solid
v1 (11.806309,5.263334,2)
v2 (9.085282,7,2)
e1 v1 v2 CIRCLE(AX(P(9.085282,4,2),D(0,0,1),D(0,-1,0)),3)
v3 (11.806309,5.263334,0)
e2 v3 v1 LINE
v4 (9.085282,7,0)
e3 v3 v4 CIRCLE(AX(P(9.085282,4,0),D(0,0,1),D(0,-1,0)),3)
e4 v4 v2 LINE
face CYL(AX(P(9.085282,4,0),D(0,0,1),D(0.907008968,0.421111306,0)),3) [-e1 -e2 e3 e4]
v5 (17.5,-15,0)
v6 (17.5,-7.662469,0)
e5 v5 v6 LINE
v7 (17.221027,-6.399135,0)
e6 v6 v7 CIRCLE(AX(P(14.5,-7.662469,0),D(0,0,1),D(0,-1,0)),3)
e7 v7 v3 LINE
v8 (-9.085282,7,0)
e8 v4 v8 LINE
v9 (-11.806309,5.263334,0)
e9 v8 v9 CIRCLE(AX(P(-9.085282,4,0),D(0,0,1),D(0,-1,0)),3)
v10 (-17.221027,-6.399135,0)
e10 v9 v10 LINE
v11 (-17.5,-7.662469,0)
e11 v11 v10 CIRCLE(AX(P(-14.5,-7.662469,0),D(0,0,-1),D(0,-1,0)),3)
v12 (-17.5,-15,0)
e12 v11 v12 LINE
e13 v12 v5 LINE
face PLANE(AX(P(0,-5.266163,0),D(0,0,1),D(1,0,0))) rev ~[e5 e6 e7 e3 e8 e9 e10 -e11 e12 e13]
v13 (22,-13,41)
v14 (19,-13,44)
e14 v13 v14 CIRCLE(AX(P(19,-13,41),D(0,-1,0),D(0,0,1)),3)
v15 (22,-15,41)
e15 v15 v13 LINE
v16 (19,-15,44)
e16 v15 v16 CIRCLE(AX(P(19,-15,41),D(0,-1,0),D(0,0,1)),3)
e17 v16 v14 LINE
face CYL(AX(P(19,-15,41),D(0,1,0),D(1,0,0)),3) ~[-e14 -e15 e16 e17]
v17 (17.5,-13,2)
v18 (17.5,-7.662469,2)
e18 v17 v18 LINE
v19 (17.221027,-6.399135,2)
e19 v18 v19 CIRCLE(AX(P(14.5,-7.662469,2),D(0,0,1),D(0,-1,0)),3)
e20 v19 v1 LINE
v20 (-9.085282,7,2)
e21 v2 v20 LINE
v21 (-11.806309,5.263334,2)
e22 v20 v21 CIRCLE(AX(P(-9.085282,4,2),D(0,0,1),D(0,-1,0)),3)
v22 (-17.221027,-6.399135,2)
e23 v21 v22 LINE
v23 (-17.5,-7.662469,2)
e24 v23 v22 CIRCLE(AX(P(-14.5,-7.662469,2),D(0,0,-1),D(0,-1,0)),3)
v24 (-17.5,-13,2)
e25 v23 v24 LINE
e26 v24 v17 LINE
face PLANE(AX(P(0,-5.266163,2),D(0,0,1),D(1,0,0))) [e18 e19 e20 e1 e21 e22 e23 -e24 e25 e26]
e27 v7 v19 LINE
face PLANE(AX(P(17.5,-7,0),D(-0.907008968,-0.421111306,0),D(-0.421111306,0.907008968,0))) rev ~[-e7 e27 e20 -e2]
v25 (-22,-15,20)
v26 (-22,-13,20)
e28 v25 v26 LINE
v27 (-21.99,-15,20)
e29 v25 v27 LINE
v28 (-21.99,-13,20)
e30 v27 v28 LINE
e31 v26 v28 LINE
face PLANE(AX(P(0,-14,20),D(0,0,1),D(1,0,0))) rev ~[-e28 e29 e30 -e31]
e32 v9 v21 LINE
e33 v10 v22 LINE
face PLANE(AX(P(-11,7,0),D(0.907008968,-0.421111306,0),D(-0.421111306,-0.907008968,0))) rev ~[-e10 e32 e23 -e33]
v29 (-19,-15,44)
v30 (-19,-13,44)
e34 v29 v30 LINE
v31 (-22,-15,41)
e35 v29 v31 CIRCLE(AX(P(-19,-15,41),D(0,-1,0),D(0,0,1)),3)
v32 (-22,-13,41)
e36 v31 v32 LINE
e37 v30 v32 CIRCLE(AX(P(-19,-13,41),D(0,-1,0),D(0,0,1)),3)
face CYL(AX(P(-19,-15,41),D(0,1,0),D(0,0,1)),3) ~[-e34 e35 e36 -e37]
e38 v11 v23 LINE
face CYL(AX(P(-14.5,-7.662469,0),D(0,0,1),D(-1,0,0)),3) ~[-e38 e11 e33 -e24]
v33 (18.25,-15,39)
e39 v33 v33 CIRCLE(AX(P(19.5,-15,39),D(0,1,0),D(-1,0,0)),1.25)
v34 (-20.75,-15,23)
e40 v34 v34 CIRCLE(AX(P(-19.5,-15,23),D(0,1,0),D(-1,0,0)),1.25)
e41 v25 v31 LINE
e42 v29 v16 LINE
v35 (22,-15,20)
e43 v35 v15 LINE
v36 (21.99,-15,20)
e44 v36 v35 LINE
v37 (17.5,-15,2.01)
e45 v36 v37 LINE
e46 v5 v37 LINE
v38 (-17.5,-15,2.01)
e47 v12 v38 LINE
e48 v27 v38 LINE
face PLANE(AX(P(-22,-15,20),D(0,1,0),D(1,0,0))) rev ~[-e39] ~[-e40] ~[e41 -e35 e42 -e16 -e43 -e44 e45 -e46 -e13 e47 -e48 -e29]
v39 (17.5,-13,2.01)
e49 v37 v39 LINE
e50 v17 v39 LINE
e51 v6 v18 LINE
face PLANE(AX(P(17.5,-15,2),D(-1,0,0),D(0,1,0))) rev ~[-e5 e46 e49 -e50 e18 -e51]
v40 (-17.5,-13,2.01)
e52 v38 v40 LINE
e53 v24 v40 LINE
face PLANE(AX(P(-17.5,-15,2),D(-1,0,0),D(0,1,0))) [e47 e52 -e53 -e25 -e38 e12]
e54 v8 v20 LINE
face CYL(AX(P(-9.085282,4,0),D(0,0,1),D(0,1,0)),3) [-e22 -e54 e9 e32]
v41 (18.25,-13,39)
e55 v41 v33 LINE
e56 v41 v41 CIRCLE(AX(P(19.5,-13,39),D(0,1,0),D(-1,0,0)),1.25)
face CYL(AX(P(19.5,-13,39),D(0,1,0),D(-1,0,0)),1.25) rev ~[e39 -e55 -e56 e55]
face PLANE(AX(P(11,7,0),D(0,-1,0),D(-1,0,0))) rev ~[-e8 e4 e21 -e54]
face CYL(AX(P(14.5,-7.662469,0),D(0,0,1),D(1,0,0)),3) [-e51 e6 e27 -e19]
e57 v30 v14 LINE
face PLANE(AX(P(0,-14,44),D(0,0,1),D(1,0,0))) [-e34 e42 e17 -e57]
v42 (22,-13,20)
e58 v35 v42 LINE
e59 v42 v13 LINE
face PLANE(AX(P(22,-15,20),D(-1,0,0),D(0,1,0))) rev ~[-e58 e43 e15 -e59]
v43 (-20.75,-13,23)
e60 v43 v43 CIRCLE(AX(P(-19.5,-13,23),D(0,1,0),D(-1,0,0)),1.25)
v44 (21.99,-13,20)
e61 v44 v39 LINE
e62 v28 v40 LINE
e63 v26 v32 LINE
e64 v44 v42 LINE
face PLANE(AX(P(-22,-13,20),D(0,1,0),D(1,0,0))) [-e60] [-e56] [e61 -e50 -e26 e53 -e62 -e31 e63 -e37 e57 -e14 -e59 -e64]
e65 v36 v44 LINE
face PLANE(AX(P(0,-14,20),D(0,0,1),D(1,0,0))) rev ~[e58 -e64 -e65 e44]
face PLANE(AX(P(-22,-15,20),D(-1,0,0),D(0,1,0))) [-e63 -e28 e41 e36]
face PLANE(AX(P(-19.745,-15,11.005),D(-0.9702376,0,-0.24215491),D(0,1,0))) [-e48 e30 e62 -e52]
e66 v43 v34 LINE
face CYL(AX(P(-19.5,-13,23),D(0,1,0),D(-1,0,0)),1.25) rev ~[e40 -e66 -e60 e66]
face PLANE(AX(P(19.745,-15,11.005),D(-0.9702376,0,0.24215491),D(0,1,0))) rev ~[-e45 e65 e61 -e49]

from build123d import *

# Parameters (mm, degrees)
PAD_DEPTH       = 2
SKETCH001_W     = 35
SKETCH001_H     = 2
PAD001_DEPTH    = 18
SKETCH002_W     = 44
SKETCH002_H     = 2
PAD002_DEPTH    = 24
CHAMFER_1_SIZE2 = 17.99
CHAMFER_1_SIZE  = 4.49
CHAMFER_2_SIZE2 = 17.99
CHAMFER_2_SIZE  = 4.49
FILLET_R        = 3
SKETCH003_R     = 1.25
POCKET_DEPTH    = 5


with BuildPart() as part:
    # Sketch → Pad (new body)
    with BuildSketch(Plane.XY):
        Polygon((-17.5, -15), (17.5, -15), (17.5, -7), (11, 7), (-11, 7), (-17.5, -7), align=None)
    extrude(amount=PAD_DEPTH)

    # Sketch001 (on Face8 of Pad) → Pad001 (join)
    with BuildSketch(Plane.XY.offset(2)):
        with Locations((0, -14)):
            Rectangle(SKETCH001_W, SKETCH001_H)
    extrude(amount=PAD001_DEPTH)

    # Sketch002 (on Face12 of Pad001) → Pad002 (join)
    with BuildSketch(Plane.XY.offset(20)):
        with Locations((0, -14)):
            Rectangle(SKETCH002_W, SKETCH002_H)
    extrude(amount=PAD002_DEPTH)

    # Chamfer 1
    chamfer_1_edges = [part.edges().sort_by_distance(p)[0] for p in [
        (-17.5, -14, 20),
    ]]
    chamfer_1_side = part.faces().sort_by_distance((-19.75, -14, 20))[0]
    chamfer(chamfer_1_edges, length=CHAMFER_1_SIZE, length2=CHAMFER_1_SIZE2, reference=chamfer_1_side)

    # Chamfer 2
    chamfer_2_edges = [part.edges().sort_by_distance(p)[0] for p in [
        (17.5, -14, 20),
    ]]
    chamfer_2_side = part.faces().sort_by_distance((19.75, -14, 20))[0]
    chamfer(chamfer_2_edges, length=CHAMFER_2_SIZE, length2=CHAMFER_2_SIZE2, reference=chamfer_2_side)

    # Fillet
    fillet_edges = [part.edges().sort_by_distance(p)[0] for p in [
        (22, -14, 44),
        (17.5, -7, 1),
        (11, 7, 1),
        (-11, 7, 1),
        (-17.5, -7, 1),
        (-22, -14, 44),
    ]]
    fillet(fillet_edges, radius=FILLET_R)

    # Sketch003 (on Face1 of Fillet) → Pocket (cut)
    with BuildSketch(Plane(origin=(0, -13, 0), x_dir=(-1, 0, 0), z_dir=(0, 1, 0))):
        with Locations((-19.5, 39)):
            Circle(SKETCH003_R)
        with Locations((19.5, 23)):
            Circle(SKETCH003_R)
    extrude(amount=-POCKET_DEPTH, mode=Mode.SUBTRACT)


solid = part.part
